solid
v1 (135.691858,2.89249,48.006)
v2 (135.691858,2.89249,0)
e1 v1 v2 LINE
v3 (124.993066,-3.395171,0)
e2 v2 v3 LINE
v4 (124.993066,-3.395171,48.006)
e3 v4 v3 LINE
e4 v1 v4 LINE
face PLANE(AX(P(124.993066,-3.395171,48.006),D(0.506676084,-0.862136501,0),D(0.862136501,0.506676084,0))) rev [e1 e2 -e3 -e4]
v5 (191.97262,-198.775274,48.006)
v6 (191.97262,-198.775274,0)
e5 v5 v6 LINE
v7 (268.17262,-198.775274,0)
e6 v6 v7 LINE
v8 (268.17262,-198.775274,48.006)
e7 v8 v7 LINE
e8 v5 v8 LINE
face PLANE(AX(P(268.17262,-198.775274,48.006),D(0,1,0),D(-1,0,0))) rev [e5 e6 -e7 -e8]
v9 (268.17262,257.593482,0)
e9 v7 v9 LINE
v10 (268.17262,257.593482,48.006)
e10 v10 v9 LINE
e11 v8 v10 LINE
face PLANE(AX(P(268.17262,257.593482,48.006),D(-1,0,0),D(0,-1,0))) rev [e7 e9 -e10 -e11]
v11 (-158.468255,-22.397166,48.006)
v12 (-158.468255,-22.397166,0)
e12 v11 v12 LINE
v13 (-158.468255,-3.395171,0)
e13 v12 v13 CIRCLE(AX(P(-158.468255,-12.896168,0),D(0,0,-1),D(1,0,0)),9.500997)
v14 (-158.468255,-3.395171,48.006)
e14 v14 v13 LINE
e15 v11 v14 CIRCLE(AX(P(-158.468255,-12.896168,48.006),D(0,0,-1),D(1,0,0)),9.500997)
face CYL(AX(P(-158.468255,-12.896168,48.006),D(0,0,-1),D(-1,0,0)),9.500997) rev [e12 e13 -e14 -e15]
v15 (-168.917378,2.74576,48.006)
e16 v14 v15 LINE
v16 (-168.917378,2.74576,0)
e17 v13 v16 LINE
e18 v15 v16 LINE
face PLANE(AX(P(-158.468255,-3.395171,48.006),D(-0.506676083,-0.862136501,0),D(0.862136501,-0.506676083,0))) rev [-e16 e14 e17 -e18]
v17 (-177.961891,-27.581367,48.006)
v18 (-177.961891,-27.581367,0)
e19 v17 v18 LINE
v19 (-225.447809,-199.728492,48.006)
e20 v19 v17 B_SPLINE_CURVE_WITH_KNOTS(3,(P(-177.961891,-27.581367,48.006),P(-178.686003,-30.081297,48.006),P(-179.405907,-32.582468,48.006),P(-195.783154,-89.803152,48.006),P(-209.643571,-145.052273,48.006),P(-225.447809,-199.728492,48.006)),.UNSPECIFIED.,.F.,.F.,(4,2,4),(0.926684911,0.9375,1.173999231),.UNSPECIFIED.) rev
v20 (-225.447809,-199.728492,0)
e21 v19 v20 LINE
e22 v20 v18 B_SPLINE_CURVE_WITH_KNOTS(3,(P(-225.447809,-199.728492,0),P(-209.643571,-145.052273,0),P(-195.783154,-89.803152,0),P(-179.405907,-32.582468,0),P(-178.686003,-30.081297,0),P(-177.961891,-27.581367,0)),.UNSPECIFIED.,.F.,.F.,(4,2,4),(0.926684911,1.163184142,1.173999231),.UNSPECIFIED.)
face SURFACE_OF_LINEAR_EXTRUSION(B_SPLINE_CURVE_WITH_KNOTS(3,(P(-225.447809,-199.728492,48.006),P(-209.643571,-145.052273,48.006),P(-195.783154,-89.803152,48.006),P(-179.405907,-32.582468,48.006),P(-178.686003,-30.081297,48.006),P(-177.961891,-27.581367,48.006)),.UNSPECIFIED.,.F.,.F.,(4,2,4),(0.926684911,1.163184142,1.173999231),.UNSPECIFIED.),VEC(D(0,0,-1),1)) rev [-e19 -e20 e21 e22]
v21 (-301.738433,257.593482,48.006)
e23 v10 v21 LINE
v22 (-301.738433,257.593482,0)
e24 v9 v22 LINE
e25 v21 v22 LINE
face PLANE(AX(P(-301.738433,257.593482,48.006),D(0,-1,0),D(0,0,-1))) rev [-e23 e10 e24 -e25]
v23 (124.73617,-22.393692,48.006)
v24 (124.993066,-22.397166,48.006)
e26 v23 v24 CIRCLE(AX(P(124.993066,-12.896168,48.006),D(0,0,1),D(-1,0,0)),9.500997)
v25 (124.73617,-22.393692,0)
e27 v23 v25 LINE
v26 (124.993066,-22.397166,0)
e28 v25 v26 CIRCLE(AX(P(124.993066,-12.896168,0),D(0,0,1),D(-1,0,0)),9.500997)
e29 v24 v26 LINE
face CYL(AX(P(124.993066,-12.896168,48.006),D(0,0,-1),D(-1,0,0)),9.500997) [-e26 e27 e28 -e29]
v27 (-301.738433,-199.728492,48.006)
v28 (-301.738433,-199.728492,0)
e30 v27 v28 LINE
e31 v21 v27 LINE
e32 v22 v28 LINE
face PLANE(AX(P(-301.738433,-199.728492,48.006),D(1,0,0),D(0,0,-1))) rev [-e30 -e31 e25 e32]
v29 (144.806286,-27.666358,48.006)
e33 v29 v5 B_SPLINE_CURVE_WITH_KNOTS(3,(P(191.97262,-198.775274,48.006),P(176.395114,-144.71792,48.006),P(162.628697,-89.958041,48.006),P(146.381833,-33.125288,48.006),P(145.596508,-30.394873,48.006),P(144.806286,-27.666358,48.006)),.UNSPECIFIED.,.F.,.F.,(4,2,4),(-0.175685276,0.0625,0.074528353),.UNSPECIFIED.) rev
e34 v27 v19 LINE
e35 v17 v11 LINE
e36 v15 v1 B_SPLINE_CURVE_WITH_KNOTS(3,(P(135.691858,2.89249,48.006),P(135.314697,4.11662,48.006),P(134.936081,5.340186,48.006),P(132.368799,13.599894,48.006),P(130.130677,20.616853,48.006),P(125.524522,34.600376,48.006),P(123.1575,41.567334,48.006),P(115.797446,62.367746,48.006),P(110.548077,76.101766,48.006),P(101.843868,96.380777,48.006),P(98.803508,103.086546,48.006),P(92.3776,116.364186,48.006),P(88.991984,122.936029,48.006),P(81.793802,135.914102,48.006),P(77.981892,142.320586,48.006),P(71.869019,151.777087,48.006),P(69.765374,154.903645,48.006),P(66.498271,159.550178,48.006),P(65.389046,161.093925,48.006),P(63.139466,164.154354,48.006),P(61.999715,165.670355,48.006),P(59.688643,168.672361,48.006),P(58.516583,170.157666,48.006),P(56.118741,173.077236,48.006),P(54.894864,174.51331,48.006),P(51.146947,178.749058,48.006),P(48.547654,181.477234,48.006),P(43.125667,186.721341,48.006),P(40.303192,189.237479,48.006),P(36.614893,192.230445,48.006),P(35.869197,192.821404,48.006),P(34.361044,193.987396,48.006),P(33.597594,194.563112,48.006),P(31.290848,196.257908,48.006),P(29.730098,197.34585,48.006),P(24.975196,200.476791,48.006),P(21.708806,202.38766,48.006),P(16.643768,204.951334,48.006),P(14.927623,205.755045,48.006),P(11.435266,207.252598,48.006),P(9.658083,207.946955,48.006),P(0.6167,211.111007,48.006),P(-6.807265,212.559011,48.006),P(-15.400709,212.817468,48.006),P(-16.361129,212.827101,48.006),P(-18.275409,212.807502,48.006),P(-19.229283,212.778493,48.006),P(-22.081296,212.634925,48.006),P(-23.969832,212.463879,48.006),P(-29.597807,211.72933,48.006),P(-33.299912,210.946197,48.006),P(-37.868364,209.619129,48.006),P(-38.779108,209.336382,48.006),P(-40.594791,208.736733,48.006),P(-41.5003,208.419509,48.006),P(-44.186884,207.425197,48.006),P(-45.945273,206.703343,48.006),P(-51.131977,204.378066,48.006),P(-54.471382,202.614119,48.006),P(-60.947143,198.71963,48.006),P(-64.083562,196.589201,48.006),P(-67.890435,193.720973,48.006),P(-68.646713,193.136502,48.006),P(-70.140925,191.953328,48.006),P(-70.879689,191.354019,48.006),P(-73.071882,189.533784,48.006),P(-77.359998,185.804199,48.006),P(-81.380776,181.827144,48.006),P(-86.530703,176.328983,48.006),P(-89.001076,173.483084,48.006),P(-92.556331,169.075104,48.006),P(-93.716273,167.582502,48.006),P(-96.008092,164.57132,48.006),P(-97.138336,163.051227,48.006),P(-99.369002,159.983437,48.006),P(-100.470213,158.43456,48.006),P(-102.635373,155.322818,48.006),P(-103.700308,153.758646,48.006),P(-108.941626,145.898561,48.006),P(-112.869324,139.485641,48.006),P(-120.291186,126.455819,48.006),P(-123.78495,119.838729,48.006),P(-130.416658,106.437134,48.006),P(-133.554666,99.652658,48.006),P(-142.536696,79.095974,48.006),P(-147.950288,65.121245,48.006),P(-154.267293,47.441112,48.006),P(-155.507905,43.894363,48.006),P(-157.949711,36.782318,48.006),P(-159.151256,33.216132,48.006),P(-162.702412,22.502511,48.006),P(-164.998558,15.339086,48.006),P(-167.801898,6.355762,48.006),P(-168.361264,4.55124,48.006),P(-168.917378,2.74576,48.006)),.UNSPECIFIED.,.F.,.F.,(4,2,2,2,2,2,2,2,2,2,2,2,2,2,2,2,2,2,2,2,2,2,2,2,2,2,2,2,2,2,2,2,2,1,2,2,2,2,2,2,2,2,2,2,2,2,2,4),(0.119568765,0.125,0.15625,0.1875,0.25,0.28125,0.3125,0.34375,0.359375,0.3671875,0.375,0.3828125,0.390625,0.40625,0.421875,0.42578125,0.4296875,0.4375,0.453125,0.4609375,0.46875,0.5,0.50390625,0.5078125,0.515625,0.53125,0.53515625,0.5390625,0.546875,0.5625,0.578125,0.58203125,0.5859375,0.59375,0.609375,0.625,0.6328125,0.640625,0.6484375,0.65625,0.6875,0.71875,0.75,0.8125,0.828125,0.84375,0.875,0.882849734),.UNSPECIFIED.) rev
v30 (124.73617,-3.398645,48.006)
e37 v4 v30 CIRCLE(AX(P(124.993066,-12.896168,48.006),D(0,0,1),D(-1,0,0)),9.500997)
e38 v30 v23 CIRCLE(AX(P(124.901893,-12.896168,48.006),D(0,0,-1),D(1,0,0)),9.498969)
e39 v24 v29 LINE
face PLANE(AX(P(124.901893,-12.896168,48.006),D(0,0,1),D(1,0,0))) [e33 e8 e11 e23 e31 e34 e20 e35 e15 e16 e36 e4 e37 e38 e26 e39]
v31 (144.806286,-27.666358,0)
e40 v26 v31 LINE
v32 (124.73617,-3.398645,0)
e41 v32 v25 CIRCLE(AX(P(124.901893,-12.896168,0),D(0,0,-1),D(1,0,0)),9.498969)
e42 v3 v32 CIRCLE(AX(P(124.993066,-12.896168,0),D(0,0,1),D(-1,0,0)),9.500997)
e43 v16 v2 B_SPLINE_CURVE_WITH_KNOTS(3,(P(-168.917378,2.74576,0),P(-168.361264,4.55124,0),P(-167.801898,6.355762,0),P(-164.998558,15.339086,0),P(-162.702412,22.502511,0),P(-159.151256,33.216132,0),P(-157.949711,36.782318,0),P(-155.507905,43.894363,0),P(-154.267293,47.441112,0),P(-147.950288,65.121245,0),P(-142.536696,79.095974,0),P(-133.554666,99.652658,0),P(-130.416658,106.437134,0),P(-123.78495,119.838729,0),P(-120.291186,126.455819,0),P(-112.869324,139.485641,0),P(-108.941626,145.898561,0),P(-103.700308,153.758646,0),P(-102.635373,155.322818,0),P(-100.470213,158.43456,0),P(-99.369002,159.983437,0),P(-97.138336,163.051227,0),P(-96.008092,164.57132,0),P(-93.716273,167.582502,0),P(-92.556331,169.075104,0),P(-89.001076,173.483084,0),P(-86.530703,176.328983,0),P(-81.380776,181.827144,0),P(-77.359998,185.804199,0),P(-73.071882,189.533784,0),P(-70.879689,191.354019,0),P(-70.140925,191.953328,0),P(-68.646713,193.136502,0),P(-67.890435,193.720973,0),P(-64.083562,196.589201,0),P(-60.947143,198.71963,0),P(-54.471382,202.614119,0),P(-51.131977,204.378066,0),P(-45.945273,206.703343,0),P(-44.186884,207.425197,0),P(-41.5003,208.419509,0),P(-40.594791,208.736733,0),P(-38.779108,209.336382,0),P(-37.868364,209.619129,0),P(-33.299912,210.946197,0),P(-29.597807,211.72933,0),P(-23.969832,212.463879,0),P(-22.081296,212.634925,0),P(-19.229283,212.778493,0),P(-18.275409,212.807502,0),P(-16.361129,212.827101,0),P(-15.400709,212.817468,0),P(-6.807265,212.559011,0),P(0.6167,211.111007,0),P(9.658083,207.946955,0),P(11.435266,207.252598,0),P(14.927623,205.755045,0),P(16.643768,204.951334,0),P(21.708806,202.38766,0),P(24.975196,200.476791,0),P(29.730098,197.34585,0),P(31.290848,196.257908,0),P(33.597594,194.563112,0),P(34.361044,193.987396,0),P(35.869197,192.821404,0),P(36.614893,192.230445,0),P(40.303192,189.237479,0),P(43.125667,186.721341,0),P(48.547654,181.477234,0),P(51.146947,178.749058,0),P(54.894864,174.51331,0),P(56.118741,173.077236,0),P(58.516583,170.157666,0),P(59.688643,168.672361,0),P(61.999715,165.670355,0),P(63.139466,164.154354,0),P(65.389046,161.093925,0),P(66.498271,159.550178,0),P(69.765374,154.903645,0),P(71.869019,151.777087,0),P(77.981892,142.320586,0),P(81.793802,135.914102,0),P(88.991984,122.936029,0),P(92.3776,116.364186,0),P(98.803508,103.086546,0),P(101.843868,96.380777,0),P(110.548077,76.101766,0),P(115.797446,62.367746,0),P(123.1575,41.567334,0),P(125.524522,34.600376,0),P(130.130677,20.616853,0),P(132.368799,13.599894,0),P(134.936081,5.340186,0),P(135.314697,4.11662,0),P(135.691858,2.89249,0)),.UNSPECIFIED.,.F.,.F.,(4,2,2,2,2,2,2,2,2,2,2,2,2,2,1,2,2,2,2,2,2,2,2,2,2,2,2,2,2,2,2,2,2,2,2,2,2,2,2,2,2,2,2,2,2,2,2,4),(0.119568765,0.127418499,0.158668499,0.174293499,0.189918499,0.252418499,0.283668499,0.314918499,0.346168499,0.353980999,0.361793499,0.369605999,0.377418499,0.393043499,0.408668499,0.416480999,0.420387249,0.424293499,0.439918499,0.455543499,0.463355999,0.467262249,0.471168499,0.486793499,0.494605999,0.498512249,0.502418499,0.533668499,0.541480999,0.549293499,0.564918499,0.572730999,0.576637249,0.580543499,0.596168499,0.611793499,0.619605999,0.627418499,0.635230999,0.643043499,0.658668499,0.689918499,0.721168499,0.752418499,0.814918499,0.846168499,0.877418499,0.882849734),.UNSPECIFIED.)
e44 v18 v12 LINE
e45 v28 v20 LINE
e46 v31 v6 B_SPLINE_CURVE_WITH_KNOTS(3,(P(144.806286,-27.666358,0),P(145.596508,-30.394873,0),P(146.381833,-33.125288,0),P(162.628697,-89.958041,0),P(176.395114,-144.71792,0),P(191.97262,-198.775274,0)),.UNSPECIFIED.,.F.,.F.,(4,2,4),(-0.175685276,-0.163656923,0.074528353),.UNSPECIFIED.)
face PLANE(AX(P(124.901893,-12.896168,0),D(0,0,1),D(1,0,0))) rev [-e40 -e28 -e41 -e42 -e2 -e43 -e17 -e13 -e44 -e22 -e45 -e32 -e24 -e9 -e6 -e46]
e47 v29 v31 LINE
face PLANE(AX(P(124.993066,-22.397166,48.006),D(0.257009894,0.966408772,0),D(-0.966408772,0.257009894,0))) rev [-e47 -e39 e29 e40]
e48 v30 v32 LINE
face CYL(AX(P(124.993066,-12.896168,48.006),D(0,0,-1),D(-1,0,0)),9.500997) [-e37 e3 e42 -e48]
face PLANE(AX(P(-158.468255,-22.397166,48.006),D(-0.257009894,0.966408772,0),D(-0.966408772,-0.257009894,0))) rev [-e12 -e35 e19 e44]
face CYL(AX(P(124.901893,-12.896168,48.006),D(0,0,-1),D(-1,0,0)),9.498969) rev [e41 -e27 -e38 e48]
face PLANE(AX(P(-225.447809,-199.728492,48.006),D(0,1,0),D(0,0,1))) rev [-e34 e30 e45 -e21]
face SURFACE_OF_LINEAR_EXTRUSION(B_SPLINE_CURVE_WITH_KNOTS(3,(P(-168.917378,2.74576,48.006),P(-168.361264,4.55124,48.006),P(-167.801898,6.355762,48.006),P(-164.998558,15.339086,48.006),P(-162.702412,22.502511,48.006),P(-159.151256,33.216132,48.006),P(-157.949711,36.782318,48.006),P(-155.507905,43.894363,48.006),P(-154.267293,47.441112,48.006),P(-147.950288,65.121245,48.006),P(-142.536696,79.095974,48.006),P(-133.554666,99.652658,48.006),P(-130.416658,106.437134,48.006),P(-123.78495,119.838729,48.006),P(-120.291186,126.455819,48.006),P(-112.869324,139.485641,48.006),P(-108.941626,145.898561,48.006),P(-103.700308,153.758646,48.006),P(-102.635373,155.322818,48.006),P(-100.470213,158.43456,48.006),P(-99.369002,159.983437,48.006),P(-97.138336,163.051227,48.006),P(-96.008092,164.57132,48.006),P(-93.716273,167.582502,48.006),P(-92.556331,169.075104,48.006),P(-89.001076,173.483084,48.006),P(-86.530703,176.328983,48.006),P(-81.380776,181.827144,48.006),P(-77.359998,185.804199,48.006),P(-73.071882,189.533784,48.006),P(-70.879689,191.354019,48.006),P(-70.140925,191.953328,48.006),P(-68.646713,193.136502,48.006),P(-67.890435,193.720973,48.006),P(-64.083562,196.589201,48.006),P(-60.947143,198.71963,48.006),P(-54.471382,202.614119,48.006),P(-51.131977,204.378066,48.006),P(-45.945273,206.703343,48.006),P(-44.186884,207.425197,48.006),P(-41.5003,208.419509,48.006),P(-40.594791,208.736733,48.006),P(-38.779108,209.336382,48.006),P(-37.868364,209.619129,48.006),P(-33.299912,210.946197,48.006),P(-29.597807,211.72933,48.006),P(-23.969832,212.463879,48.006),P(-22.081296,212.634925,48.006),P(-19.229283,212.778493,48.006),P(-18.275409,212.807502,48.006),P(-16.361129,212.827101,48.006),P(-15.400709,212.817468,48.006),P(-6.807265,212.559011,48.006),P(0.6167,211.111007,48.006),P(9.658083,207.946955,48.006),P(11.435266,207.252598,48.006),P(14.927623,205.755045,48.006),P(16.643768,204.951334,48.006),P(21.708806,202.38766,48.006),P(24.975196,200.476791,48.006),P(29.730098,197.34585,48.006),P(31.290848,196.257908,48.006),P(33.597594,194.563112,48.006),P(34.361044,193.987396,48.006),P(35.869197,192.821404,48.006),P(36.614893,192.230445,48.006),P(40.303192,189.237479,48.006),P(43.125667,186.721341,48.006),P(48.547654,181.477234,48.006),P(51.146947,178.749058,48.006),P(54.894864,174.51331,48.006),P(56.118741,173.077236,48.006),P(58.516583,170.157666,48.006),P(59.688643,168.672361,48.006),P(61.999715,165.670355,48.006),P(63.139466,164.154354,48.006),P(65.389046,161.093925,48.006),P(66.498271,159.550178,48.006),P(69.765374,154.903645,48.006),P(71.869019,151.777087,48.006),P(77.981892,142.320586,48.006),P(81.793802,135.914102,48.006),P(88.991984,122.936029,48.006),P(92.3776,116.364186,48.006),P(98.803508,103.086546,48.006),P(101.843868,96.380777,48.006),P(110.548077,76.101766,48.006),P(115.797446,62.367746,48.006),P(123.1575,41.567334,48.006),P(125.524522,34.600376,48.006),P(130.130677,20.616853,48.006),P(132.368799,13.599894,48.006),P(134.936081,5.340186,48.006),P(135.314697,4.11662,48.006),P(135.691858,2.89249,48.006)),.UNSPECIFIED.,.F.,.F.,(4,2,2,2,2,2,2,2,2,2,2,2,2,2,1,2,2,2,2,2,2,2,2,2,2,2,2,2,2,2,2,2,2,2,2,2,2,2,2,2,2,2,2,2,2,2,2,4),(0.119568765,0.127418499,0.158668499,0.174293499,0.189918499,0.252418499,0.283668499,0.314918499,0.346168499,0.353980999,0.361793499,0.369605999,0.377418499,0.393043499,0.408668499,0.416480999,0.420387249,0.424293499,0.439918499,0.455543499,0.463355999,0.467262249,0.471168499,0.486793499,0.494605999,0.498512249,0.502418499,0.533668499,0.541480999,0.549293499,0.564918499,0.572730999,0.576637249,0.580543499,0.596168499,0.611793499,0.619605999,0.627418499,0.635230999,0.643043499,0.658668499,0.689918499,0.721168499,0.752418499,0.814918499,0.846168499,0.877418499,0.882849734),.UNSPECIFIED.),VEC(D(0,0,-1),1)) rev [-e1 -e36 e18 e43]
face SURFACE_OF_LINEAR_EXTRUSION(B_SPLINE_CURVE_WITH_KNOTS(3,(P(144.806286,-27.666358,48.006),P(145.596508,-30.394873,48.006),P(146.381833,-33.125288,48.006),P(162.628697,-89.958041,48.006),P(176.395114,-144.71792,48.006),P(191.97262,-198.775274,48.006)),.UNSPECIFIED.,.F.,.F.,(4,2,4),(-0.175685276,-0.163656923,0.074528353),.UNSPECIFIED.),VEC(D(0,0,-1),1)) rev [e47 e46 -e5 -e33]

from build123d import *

# Parameters (mm, degrees)
BOSS_EXTRUDE1_DEPTH = 48.006


with BuildPart() as part:
    # Sketch1 → Boss-Extrude1 (new body)
    with BuildSketch(Plane.XY):
        with BuildLine():
            Line((-225.447809165, -199.728491805), (-301.738433253, -199.728491805))
            Line((-301.738433253, -199.728491805), (-301.738433253, 257.593482095))
            Line((-301.738433253, 257.593482095), (268.17262038, 257.593482095))
            Line((268.17262038, 257.593482095), (268.17262038, -198.775273895))
            Line((268.17262038, -198.775273895), (191.97262038, -198.775273895))
            add(Edge.make_bspline(
                [(191.97262038, -198.775273895), (176.395114076, -144.717919568), (162.628696684, -89.958041402), (146.381833133, -33.125288105), (145.596508442, -30.394873062), (144.806285869, -27.666357915)],
                knots=[-0.175685276, -0.175685276, -0.175685276, -0.175685276, 0.0625, 0.0625, 0.074528353, 0.074528353, 0.074528353, 0.074528353], degree=3))
            Line((144.806285869, -27.666357915), (124.993066201, -22.397165799))
            ThreePointArc((124.993066201, -22.397165799), (124.864606243, -22.396297326), (124.73616977, -22.393692067))
            ThreePointArc((124.73616977, -22.393692067), (134.400862059, -12.896168334), (124.73616977, -3.398644601))
            ThreePointArc((124.73616977, -3.398644601), (124.864606243, -3.396039342), (124.993066201, -3.395170869))
            Line((124.993066201, -3.395170869), (135.691858465, 2.892490258))
            add(Edge.make_bspline(
                [(135.691858465, 2.892490258), (135.314696992, 4.116620429), (134.936080504, 5.340186197), (132.368798727, 13.599894472), (130.130676764, 20.616852667), (125.524522045, 34.600376485), (123.157499627, 41.56733402), (115.797446194, 62.367745534), (110.548077039, 76.101765603), (101.84386822, 96.380777425), (98.803508299, 103.086546431), (92.37760033, 116.364185503), (88.991984333, 122.93602921), (81.793802186, 135.914102083), (77.981892113, 142.320585742), (71.869018874, 151.777087043), (69.765373982, 154.903644709), (66.498270777, 159.550177507), (65.389046261, 161.093925459), (63.139466255, 164.154354329), (61.999715438, 165.67035493), (59.688642648, 168.672361294), (58.516582662, 170.157665892), (56.118741461, 173.07723611), (54.894863863, 174.513310302), (51.146947128, 178.749057722), (48.547654076, 181.477234393), (43.125667167, 186.721341125), (40.303191615, 189.237478591), (36.614892879, 192.230444978), (35.869197363, 192.821403706), (34.36104399, 193.987395747), (33.597594293, 194.563112067), (31.290848107, 196.257908313), (29.73009776, 197.345850464), (24.975195611, 200.476791242), (21.708805955, 202.387660075), (16.643768494, 204.951334349), (14.927623421, 205.755045007), (11.435265949, 207.25259756), (9.658083095, 207.946955193), (0.616700415, 211.11100678), (-6.80726538, 212.55901149), (-15.400709246, 212.817467767), (-16.361129064, 212.827100658), (-18.275408627, 212.807502125), (-19.229283176, 212.778493337), (-22.08129591, 212.634925473), (-23.969832382, 212.463879049), (-29.597806643, 211.72933027), (-33.29991159, 210.94619693), (-37.868364024, 209.619128706), (-38.779108314, 209.336382439), (-40.594790871, 208.736732777), (-41.500300425, 208.419508903), (-44.186884114, 207.425196579), (-45.945273264, 206.703343413), (-51.131977033, 204.378066365), (-54.471381822, 202.614119431), (-60.94714312, 198.71963022), (-64.083562314, 196.589201119), (-67.890435469, 193.720972815), (-68.646713056, 193.136501551), (-70.140924932, 191.953327653), (-70.879689492, 191.354019242), (-73.071882243, 189.533784208), (-77.359998234, 185.804199186), (-81.380776129, 181.827144094), (-86.530702533, 176.328982508), (-89.001075507, 173.483084422), (-92.556331251, 169.075103844), (-93.716272996, 167.582502096), (-96.008092078, 164.571319881), (-97.138335587, 163.05122701), (-99.369002363, 159.983437205), (-100.470213051, 158.434560023), (-102.635373146, 155.322818496), (-103.700307999, 153.758645522), (-108.941626474, 145.898561066), (-112.869324351, 139.485640885), (-120.291186221, 126.455819246), (-123.784949756, 119.838729369), (-130.416658057, 106.437133943), (-133.554665544, 99.652657904), (-142.536695847, 79.095973907), (-147.950288071, 65.121244796), (-154.26729307, 47.441111613), (-155.507905268, 43.894362657), (-157.949711034, 36.782317953), (-159.151256343, 33.216131938), (-162.702412424, 22.502511371), (-164.998557993, 15.339085837), (-167.801898158, 6.355762084), (-168.361264212, 4.551240347), (-168.917377957, 2.745760058)],
                knots=[0.119568765, 0.119568765, 0.119568765, 0.119568765, 0.125, 0.125, 0.15625, 0.15625, 0.1875, 0.1875, 0.25, 0.25, 0.28125, 0.28125, 0.3125, 0.3125, 0.34375, 0.34375, 0.359375, 0.359375, 0.3671875, 0.3671875, 0.375, 0.375, 0.3828125, 0.3828125, 0.390625, 0.390625, 0.40625, 0.40625, 0.421875, 0.421875, 0.42578125, 0.42578125, 0.4296875, 0.4296875, 0.4375, 0.4375, 0.453125, 0.453125, 0.4609375, 0.4609375, 0.46875, 0.46875, 0.5, 0.5, 0.50390625, 0.50390625, 0.5078125, 0.5078125, 0.515625, 0.515625, 0.53125, 0.53125, 0.53515625, 0.53515625, 0.5390625, 0.5390625, 0.546875, 0.546875, 0.5625, 0.5625, 0.578125, 0.578125, 0.58203125, 0.58203125, 0.5859375, 0.5859375, 0.59375, 0.609375, 0.609375, 0.625, 0.625, 0.6328125, 0.6328125, 0.640625, 0.640625, 0.6484375, 0.6484375, 0.65625, 0.65625, 0.6875, 0.6875, 0.71875, 0.71875, 0.75, 0.75, 0.8125, 0.8125, 0.828125, 0.828125, 0.84375, 0.84375, 0.875, 0.875, 0.882849734, 0.882849734, 0.882849734, 0.882849734], degree=3))
            Line((-168.917377957, 2.745760058), (-158.468254986, -3.395170869))
            ThreePointArc((-158.468254986, -3.395170869), (-167.969252451, -12.896168334), (-158.468254986, -22.397165799))
            Line((-158.468254986, -22.397165799), (-177.961890902, -27.581366771))
            add(Edge.make_bspline(
                [(-177.961890902, -27.581366771), (-178.686003141, -30.081297074), (-179.405906532, -32.582467849), (-195.783154386, -89.803151614), (-209.643570839, -145.052272814), (-225.447809165, -199.728491805)],
                knots=[0.926684911, 0.926684911, 0.926684911, 0.926684911, 0.9375, 0.9375, 1.173999231, 1.173999231, 1.173999231, 1.173999231], degree=3))
        make_face()
    extrude(amount=BOSS_EXTRUDE1_DEPTH)


solid = part.part
